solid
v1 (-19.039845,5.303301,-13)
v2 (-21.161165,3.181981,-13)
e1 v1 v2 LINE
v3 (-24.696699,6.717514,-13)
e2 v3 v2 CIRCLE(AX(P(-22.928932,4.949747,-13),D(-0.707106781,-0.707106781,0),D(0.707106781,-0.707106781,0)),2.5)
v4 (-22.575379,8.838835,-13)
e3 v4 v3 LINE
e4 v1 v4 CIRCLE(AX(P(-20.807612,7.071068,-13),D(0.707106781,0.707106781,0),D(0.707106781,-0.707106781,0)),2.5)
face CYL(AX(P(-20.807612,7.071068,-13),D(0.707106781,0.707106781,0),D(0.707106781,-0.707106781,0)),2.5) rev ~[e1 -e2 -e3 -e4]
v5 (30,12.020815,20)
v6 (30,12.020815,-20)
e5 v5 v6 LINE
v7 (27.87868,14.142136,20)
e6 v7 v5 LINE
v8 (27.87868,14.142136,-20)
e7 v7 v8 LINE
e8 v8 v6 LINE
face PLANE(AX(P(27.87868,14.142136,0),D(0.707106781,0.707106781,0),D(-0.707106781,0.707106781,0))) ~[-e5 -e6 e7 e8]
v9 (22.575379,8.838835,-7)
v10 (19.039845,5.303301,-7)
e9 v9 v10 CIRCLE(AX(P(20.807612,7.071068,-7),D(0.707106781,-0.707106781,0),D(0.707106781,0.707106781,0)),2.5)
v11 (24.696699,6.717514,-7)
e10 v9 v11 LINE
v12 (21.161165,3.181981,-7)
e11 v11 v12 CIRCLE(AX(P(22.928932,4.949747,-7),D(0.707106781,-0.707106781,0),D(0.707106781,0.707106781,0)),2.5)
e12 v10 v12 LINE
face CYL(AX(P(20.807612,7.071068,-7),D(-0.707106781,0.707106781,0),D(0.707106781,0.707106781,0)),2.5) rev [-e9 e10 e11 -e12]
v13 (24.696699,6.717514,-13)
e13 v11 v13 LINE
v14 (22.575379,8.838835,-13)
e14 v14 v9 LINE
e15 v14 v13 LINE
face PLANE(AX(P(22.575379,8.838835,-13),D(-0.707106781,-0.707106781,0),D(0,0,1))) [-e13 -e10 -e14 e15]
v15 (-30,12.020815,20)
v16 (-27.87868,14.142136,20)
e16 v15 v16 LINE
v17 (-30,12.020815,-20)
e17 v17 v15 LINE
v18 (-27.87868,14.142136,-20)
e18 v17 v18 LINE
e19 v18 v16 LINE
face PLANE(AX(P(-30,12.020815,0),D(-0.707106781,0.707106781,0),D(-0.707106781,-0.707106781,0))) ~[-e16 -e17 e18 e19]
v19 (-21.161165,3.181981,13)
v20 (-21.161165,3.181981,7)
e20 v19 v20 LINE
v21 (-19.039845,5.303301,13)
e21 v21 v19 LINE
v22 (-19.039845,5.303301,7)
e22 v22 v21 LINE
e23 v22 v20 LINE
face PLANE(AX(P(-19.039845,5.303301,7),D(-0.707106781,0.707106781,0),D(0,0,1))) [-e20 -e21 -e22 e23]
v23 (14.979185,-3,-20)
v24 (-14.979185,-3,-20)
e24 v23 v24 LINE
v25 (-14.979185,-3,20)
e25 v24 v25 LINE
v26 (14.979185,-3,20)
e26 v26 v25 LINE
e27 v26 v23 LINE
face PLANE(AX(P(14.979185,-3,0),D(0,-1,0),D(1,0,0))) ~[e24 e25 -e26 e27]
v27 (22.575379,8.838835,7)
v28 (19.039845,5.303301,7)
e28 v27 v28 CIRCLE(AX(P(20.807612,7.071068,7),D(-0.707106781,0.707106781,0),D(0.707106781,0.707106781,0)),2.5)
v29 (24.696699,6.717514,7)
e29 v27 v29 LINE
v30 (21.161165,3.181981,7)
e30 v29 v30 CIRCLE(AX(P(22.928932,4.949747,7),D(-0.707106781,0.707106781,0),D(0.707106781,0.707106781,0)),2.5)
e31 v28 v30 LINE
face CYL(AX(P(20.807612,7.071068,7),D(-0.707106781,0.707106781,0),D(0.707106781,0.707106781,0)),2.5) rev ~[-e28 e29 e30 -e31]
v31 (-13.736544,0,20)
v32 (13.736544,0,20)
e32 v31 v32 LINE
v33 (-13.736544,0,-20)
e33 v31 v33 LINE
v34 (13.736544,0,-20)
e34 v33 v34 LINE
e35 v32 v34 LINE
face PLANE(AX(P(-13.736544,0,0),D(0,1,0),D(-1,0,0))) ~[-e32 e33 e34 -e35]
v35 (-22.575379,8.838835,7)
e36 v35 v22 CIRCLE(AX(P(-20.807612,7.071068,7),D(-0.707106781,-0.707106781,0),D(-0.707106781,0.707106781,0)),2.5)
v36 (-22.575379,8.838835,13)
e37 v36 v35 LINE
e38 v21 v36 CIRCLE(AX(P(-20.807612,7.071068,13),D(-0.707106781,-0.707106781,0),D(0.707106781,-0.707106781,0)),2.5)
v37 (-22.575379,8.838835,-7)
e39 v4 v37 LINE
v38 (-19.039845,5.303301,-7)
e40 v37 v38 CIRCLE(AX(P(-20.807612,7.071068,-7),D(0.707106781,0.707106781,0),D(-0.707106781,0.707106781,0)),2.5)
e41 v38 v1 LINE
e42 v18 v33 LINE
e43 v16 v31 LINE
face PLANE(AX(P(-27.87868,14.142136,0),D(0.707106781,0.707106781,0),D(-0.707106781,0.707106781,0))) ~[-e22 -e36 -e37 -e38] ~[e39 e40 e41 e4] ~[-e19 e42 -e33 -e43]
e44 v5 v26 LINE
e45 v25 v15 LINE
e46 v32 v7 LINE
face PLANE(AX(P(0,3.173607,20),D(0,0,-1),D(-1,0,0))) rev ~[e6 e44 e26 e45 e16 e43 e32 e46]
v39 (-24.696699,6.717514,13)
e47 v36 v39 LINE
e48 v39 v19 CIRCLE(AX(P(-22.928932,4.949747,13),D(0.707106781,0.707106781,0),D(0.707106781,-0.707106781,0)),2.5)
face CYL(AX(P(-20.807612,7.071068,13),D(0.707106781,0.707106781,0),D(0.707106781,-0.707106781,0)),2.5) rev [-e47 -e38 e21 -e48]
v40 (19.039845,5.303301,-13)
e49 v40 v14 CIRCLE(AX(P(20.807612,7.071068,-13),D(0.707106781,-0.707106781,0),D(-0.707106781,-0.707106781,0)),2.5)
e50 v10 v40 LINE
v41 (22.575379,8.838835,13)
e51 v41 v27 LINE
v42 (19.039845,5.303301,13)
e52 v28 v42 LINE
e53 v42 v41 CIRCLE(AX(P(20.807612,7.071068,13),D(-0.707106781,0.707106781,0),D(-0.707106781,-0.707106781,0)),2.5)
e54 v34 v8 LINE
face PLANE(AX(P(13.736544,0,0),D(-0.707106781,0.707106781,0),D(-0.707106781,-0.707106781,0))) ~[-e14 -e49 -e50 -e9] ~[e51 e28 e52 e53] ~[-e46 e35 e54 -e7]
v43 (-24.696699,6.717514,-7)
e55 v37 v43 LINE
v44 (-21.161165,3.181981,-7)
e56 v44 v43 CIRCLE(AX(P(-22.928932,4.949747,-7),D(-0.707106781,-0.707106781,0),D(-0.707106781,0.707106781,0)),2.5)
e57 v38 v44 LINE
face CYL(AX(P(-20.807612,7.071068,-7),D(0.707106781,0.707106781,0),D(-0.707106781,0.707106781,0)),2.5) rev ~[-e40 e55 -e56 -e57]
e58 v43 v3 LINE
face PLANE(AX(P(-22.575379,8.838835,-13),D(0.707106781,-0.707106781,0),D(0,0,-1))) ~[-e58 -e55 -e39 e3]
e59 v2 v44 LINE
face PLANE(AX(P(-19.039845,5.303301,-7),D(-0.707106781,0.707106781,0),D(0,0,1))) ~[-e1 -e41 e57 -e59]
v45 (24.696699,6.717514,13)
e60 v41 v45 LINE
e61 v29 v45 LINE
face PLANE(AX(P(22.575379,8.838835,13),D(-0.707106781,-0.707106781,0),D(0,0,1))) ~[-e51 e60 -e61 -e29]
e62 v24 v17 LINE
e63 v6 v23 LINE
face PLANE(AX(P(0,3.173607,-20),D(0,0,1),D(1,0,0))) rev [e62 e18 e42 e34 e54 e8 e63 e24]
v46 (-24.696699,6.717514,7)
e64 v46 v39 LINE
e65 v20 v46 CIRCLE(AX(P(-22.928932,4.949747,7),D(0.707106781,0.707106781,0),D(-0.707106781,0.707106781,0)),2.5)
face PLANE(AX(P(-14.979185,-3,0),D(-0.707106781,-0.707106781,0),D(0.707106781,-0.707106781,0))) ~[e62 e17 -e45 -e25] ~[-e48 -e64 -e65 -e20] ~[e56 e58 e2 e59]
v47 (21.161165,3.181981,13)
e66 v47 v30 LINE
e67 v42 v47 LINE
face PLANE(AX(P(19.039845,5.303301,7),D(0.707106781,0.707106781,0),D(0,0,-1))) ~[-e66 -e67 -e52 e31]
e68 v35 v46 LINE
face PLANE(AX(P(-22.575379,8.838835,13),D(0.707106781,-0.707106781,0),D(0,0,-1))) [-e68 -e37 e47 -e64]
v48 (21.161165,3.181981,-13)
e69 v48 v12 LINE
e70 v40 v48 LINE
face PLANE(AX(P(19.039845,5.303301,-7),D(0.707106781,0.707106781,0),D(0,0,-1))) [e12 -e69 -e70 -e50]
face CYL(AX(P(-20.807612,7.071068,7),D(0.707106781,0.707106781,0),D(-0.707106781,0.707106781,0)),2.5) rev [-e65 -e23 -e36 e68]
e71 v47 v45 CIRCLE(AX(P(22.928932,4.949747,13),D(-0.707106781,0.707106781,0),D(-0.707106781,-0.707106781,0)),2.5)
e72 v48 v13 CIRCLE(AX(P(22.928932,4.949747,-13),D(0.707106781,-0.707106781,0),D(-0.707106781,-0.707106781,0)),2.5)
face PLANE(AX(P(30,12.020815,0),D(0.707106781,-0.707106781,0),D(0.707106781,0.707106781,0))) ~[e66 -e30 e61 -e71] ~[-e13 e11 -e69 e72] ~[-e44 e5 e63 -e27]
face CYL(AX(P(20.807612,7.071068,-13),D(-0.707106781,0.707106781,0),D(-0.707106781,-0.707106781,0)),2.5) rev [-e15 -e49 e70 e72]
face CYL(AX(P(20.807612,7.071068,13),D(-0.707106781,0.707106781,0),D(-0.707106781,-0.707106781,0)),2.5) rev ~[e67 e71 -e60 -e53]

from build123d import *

# Parameters (mm, degrees)
EXTRUDE_1_DEPTH     = 20
CUT_EXTRUDE_1_DEPTH = 14.621320344


with BuildPart() as part:
    # Эскиз1 → Вытянуть-Тонкостенный1 (new body)
    with BuildSketch(Plane.XY):
        Polygon((-27.878679656, 14.142135624), (-13.736544033, 0), (13.736544033, 0), (27.878679656, 14.142135624), (30, 12.02081528), (14.97918472, -3), (-14.97918472, -3), (-30, 12.02081528), align=None)
    extrude(amount=EXTRUDE_1_DEPTH)

    # Эскиз2 → Вырез-Вытянуть1 (cut, through all)
    with BuildSketch(Plane(origin=(-6.868272016, -6.868272016, 0), x_dir=(0, 0, -1), z_dir=(0.707106781, 0.707106781, 0))):
        with BuildLine():
            Line((-7, 17.213203436), (-13, 17.213203436))
            ThreePointArc((-13, 17.213203436), (-15.5, 19.713203436), (-13, 22.213203436))
            Line((-13, 22.213203436), (-7, 22.213203436))
            ThreePointArc((-7, 22.213203436), (-4.5, 19.713203436), (-7, 17.213203436))
        make_face()
    cut_extrude_1 = extrude(amount=-CUT_EXTRUDE_1_DEPTH, mode=Mode.SUBTRACT)

    # Зеркальное отражение1: Вырез-Вытянуть1 across plane
    add(cut_extrude_1.mirror(Plane(origin=(0, 0, 0), x_dir=(0, 0, 1), z_dir=(1, 0, 0))), mode=Mode.SUBTRACT)

    # Зеркальное отражение2: part across plane


with BuildPart() as part_1:
    add(part.part)
    add(part.part.mirror(Plane(origin=(0, 0, 0), x_dir=(1, 0, 0), z_dir=(0, 0, -1))))


solid = part_1.part
